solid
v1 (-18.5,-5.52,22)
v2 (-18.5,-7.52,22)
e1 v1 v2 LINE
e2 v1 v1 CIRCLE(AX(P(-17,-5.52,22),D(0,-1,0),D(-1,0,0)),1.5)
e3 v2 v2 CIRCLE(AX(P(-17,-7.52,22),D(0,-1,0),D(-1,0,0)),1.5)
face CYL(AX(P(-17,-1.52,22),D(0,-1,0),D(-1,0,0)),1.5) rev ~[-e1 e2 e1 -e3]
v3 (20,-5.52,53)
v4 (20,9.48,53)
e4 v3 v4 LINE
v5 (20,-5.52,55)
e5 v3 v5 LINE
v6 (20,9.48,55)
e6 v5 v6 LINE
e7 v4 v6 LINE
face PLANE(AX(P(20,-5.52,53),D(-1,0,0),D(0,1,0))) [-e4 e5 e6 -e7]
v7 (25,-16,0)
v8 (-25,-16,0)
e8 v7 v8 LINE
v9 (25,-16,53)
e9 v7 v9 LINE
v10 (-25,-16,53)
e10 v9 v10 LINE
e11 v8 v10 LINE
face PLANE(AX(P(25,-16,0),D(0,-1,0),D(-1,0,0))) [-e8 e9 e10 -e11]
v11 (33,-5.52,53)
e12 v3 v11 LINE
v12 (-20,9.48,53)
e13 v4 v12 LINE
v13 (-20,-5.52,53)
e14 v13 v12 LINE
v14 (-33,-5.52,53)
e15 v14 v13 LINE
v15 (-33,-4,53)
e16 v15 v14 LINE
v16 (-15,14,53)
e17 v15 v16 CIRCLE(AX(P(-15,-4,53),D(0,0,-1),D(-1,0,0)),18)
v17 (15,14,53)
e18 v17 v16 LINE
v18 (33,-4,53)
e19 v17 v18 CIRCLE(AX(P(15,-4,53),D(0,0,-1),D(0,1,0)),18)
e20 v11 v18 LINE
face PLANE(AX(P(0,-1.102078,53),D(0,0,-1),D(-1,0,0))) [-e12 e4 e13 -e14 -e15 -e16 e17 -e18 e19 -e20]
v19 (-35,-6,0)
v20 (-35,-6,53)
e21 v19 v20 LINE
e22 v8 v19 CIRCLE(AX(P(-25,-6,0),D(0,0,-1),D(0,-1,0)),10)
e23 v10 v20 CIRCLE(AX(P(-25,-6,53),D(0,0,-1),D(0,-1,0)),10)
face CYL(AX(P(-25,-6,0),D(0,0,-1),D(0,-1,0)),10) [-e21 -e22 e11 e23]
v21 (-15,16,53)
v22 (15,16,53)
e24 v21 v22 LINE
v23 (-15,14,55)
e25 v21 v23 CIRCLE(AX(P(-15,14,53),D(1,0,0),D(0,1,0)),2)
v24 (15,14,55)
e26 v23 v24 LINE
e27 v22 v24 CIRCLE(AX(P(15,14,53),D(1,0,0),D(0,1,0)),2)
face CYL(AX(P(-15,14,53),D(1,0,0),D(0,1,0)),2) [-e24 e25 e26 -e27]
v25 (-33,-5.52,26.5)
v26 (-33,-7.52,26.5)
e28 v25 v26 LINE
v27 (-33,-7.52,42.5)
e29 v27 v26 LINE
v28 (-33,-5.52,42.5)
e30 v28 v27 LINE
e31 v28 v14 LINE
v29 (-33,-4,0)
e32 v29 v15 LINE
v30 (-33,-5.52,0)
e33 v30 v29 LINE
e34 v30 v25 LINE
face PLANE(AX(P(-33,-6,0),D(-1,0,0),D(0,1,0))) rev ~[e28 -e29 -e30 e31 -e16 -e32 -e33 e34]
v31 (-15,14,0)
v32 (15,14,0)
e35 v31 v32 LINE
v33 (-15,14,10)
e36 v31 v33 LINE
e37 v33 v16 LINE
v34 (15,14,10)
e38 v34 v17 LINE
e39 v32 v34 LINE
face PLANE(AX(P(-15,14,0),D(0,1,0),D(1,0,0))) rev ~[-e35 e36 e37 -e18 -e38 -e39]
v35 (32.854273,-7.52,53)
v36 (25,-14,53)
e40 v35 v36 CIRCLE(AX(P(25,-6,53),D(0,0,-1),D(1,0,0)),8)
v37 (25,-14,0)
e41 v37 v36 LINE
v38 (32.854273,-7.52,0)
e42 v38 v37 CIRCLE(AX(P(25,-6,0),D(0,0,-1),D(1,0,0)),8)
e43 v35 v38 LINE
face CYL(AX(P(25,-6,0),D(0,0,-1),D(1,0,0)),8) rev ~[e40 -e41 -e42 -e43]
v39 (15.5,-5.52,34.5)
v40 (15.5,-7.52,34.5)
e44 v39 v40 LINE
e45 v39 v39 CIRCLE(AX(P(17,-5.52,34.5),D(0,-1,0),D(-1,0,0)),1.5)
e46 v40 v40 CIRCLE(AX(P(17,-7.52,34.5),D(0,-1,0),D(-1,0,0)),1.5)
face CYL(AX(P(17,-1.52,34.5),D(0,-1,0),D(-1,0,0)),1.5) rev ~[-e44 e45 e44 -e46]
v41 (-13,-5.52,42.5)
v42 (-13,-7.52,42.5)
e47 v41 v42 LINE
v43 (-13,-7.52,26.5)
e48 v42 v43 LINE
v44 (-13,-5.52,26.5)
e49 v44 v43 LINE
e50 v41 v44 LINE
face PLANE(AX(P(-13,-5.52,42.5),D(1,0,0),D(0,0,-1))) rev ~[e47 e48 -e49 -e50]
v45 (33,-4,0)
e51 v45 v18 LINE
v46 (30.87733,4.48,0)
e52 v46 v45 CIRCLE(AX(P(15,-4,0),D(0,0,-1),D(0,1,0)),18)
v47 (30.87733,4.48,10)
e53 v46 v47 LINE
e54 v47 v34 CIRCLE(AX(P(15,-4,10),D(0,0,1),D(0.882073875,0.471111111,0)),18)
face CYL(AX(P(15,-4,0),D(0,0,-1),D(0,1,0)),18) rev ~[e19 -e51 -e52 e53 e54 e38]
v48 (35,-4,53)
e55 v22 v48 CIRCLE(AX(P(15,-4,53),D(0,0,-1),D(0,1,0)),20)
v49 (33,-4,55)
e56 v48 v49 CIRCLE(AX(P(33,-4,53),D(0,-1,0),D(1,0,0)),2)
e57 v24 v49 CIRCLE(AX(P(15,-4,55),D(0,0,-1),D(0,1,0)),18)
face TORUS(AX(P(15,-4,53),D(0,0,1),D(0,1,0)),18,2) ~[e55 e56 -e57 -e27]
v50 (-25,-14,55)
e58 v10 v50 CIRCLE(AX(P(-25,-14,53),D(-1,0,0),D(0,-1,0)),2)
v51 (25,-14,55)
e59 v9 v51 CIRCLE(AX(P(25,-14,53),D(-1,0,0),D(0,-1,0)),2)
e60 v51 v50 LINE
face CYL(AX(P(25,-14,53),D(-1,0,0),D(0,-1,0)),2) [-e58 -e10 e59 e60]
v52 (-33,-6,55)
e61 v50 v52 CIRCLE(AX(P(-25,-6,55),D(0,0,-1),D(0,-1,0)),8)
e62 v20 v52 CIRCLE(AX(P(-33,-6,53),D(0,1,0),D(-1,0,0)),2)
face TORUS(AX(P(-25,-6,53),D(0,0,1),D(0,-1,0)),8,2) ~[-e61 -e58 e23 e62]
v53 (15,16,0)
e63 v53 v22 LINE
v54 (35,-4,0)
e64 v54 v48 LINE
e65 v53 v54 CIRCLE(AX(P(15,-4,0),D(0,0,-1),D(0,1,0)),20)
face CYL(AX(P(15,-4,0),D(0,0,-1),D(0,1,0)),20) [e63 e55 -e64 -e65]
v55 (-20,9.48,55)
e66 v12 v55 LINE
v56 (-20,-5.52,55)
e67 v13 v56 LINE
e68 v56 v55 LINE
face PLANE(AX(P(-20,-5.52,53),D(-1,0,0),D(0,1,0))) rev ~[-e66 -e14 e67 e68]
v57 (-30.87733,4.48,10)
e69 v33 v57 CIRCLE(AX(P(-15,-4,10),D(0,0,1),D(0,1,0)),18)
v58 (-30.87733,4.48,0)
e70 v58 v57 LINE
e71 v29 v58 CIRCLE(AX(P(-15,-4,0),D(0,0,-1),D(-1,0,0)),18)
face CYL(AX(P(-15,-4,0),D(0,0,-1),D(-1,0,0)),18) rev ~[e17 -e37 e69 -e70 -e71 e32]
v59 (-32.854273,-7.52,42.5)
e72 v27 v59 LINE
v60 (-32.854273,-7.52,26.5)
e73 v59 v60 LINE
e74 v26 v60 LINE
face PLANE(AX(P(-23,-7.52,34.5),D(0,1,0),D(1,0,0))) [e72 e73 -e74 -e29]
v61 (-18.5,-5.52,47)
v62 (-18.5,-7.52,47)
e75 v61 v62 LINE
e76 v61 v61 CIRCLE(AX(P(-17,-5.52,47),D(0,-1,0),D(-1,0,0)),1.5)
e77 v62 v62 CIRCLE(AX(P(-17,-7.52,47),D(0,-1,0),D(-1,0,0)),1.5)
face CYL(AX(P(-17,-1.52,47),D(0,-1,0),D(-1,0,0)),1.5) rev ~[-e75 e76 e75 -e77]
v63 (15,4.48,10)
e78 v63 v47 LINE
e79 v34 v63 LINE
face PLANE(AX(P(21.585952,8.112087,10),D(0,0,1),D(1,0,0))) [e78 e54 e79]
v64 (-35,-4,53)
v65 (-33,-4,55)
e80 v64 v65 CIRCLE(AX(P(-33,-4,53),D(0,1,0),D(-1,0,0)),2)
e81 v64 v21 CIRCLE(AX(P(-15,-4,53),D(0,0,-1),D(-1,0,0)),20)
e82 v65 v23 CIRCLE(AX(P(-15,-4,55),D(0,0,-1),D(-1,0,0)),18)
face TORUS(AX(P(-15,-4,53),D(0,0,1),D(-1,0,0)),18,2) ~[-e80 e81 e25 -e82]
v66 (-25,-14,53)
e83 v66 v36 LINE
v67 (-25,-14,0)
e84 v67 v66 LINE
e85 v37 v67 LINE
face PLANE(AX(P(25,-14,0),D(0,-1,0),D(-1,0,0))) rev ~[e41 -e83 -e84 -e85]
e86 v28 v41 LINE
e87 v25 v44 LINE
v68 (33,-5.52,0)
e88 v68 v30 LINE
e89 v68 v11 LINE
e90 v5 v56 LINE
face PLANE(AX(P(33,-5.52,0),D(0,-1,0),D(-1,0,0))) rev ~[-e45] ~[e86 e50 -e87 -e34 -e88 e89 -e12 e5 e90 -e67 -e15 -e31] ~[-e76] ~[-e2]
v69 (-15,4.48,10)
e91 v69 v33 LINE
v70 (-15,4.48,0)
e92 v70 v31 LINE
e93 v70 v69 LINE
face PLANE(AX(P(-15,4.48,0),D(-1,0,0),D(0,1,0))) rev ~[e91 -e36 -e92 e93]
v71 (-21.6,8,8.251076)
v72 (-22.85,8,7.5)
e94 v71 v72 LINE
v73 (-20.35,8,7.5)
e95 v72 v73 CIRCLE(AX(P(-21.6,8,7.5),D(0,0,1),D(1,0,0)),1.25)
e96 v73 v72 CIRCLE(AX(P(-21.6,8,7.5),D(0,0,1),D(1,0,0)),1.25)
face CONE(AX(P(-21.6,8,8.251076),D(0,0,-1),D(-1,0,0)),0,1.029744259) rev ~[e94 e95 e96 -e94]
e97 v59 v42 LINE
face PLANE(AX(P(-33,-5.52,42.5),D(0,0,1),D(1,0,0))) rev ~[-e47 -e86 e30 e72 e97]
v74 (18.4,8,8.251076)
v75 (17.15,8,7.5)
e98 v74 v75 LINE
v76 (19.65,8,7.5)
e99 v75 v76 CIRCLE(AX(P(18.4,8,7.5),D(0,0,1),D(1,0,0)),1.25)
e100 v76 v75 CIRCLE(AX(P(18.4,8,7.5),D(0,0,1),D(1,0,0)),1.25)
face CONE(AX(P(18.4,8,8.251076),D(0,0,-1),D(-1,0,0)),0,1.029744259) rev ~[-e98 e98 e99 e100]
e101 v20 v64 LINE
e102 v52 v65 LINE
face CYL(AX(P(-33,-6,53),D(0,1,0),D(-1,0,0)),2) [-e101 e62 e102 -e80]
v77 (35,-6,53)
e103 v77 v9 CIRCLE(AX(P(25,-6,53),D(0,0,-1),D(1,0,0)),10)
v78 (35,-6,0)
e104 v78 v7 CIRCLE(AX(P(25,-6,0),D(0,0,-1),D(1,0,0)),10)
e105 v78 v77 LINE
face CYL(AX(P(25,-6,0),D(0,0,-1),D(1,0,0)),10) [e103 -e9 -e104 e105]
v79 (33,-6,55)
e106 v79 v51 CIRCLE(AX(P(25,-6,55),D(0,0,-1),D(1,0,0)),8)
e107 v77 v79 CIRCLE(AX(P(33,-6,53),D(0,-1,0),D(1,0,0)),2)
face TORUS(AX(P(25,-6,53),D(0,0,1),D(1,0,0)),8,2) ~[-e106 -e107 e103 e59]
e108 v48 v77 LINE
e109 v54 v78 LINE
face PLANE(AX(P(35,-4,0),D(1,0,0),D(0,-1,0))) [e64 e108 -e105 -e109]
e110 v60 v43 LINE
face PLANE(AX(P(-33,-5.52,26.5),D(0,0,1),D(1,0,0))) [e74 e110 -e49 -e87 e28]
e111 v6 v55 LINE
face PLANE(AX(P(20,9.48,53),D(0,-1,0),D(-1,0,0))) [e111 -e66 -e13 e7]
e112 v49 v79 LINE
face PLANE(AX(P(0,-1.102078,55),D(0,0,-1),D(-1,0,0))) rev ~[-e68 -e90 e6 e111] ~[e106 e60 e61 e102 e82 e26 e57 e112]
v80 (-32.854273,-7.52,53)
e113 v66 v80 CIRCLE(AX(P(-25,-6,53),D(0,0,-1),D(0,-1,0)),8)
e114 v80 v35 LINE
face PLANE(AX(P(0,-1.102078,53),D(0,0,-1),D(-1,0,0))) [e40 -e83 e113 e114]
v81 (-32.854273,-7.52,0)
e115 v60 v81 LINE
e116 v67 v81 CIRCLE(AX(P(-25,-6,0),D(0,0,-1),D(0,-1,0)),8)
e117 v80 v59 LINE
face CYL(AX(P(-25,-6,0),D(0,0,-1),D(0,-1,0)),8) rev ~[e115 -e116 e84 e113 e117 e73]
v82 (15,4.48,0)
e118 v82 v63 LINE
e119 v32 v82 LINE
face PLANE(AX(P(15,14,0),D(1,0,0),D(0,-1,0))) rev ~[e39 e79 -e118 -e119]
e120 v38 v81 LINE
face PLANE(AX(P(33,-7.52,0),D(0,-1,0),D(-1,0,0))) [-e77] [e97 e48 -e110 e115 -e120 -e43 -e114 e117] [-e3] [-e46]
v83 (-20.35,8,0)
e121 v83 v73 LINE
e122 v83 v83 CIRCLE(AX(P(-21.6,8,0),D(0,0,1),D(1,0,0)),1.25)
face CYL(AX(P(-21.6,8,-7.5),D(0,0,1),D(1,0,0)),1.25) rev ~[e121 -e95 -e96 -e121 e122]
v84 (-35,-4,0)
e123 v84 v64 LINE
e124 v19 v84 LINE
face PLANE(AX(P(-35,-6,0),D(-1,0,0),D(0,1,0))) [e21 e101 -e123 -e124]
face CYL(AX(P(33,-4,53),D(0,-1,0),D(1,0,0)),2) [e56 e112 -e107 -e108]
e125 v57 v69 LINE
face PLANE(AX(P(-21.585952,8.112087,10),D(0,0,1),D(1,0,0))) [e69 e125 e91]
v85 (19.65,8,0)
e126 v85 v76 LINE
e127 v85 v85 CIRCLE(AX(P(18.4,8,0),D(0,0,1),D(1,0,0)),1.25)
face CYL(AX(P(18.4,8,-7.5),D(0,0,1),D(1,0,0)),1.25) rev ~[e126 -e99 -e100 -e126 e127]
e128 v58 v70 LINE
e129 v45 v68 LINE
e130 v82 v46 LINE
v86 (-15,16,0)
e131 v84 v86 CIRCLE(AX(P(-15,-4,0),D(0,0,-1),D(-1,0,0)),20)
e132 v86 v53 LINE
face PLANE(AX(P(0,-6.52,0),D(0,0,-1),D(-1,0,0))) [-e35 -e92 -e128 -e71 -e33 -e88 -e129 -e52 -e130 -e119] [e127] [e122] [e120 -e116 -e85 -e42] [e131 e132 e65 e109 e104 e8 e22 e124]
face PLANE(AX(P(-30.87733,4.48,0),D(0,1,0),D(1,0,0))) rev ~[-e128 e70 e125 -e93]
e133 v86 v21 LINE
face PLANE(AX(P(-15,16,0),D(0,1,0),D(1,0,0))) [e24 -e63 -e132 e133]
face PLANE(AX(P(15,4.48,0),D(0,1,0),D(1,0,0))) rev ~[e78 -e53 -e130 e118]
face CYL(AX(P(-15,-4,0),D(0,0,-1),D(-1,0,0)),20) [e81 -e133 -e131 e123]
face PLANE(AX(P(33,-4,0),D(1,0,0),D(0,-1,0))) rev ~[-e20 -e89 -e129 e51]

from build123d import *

# Parameters (mm, degrees)
BOSS_EXTRUDE1_DEPTH       = 55
SHELL1_T                  = -2
BOSS_EXTRUDE2_DEPTH       = 10
M3X0_5_TAPPED_HOLE1_D     = 2.5
M3X0_5_TAPPED_HOLE1_DEPTH = 7.5
M3X0_5_TAPPED_HOLE1_TIP   = 0.751075774
BOSS_EXTRUDE3_REACH       = 69.127
SKETCH5_W                 = 66
SKETCH5_H                 = 2
SKETCH6_W                 = 40
SKETCH6_H                 = 15
CUT_EXTRUDE1_DEPTH        = 10
F_3_0MM_DOWEL_HOLE1_D     = 3
F_3_0MM_DOWEL_HOLE1_DEPTH = 4
F_3_0MM_DOWEL_HOLE1_TIP   = 0.901290929
SKETCH9_W                 = 20
SKETCH9_H                 = 16
CUT_EXTRUDE2_DEPTH        = 2
FILLET1_R                 = 2


with BuildPart() as part:
    # Sketch1 → Boss-Extrude1 (new body)
    with BuildSketch(Plane.XY):
        with BuildLine():
            Line((-15, 16), (15, 16))
            ThreePointArc((15, 16), (29.142135624, 10.142135624), (35, -4))
            Line((35, -4), (35, -6))
            ThreePointArc((35, -6), (32.071067812, -13.071067812), (25, -16))
            Line((25, -16), (-25, -16))
            ThreePointArc((-25, -16), (-32.071067812, -13.071067812), (-35, -6))
            Line((-35, -6), (-35, -4))
            ThreePointArc((-35, -4), (-29.142135624, 10.142135624), (-15, 16))
        make_face()
    extrude(amount=BOSS_EXTRUDE1_DEPTH)

    # Shell1
    shell1_openings = [part.faces().sort_by_distance(p)[0] for p in [
        (0, -0.685833175, 0),
    ]]
    offset(amount=SHELL1_T, openings=shell1_openings, kind=Kind.INTERSECTION)

    # Sketch2 → Boss-Extrude2 (add)
    with BuildSketch(Plane(origin=(0, 0, 0), x_dir=(-1, 0, 0), z_dir=(0, 0, -1))):
        with BuildLine():
            Line((-15, 4.48), (-30.87732975, 4.48))
            ThreePointArc((-30.87732975, 4.48), (-24.256349172, 11.437616396), (-15, 14))
            Line((-15, 14), (-15, 4.48))
        make_face()
        with BuildLine():
            Line((15, 4.48), (15, 14))
            ThreePointArc((15, 14), (24.256349172, 11.437616396), (30.87732975, 4.48))
            Line((30.87732975, 4.48), (15, 4.48))
        make_face()
    extrude(amount=-BOSS_EXTRUDE2_DEPTH)

    # M3x0.5 Tapped Hole1
    with Locations(Plane(origin=(0, 0, 0), x_dir=(-1, 0, 0), z_dir=(0, 0, -1))):
        with Locations((-18.4, 8), (21.6, 8)):
            Hole(M3X0_5_TAPPED_HOLE1_D / 2, depth=M3X0_5_TAPPED_HOLE1_DEPTH)
            with Locations((0, 0, -(M3X0_5_TAPPED_HOLE1_DEPTH + M3X0_5_TAPPED_HOLE1_TIP / 2))):  # 118° drill point
                Cone(0, M3X0_5_TAPPED_HOLE1_D / 2, M3X0_5_TAPPED_HOLE1_TIP, mode=Mode.SUBTRACT)

    # Sketch5 → Boss-Extrude3 (add, up to next)
    with BuildSketch(Plane(origin=(0, 0, 0), x_dir=(-1, 0, 0), z_dir=(0, 0, -1)), mode=Mode.PRIVATE) as boss_extrude3_sk1:
        with Locations((0, -6.52)):
            Rectangle(SKETCH5_W, SKETCH5_H)
    boss_extrude3_tool1 = extrude(boss_extrude3_sk1.sketch, amount=-BOSS_EXTRUDE3_REACH, mode=Mode.PRIVATE) - part.part
    add(boss_extrude3_tool1.solids().sort_by_distance((0, -6.52, 0))[0])

    # Sketch6 → Cut-Extrude1 (cut)
    with BuildSketch(Plane(origin=(0, 0, 53), x_dir=(-1, 0, 0), z_dir=(0, 0, -1))):
        with Locations((0, 1.98)):
            Rectangle(SKETCH6_W, SKETCH6_H)
    extrude(amount=-CUT_EXTRUDE1_DEPTH, mode=Mode.SUBTRACT)

    # Ø3.0mm Dowel Hole1
    with Locations(Plane(origin=(0, -5.52, 0), x_dir=(1, 0, 0), z_dir=(0, 1, 0))):
        with Locations((-17, -47), (-17, -22), (17, -34.5)):
            Hole(F_3_0MM_DOWEL_HOLE1_D / 2, depth=F_3_0MM_DOWEL_HOLE1_DEPTH)
            with Locations((0, 0, -(F_3_0MM_DOWEL_HOLE1_DEPTH + F_3_0MM_DOWEL_HOLE1_TIP / 2))):  # 118° drill point
                Cone(0, F_3_0MM_DOWEL_HOLE1_D / 2, F_3_0MM_DOWEL_HOLE1_TIP, mode=Mode.SUBTRACT)

    # Sketch9 → Cut-Extrude2 (cut)
    with BuildSketch(Plane(origin=(0, -5.52, 0), x_dir=(1, 0, 0), z_dir=(0, 1, 0))):
        with Locations((-23, -34.5)):
            Rectangle(SKETCH9_W, SKETCH9_H)
    extrude(amount=-CUT_EXTRUDE2_DEPTH, mode=Mode.SUBTRACT)

    # Fillet1
    fillet1_edges = [part.edges().sort_by_distance(p)[0] for p in [
        (29.142135624, 10.142135624, 55),
        (0, 16, 55),
        (-29.142135624, 10.142135624, 55),
        (-35, -5, 55),
        (-32.071067812, -13.071067812, 55),
        (0, -16, 55),
        (32.071067812, -13.071067812, 55),
        (35, -5, 55),
    ]]
    fillet(fillet1_edges, radius=FILLET1_R)


solid = part.part
